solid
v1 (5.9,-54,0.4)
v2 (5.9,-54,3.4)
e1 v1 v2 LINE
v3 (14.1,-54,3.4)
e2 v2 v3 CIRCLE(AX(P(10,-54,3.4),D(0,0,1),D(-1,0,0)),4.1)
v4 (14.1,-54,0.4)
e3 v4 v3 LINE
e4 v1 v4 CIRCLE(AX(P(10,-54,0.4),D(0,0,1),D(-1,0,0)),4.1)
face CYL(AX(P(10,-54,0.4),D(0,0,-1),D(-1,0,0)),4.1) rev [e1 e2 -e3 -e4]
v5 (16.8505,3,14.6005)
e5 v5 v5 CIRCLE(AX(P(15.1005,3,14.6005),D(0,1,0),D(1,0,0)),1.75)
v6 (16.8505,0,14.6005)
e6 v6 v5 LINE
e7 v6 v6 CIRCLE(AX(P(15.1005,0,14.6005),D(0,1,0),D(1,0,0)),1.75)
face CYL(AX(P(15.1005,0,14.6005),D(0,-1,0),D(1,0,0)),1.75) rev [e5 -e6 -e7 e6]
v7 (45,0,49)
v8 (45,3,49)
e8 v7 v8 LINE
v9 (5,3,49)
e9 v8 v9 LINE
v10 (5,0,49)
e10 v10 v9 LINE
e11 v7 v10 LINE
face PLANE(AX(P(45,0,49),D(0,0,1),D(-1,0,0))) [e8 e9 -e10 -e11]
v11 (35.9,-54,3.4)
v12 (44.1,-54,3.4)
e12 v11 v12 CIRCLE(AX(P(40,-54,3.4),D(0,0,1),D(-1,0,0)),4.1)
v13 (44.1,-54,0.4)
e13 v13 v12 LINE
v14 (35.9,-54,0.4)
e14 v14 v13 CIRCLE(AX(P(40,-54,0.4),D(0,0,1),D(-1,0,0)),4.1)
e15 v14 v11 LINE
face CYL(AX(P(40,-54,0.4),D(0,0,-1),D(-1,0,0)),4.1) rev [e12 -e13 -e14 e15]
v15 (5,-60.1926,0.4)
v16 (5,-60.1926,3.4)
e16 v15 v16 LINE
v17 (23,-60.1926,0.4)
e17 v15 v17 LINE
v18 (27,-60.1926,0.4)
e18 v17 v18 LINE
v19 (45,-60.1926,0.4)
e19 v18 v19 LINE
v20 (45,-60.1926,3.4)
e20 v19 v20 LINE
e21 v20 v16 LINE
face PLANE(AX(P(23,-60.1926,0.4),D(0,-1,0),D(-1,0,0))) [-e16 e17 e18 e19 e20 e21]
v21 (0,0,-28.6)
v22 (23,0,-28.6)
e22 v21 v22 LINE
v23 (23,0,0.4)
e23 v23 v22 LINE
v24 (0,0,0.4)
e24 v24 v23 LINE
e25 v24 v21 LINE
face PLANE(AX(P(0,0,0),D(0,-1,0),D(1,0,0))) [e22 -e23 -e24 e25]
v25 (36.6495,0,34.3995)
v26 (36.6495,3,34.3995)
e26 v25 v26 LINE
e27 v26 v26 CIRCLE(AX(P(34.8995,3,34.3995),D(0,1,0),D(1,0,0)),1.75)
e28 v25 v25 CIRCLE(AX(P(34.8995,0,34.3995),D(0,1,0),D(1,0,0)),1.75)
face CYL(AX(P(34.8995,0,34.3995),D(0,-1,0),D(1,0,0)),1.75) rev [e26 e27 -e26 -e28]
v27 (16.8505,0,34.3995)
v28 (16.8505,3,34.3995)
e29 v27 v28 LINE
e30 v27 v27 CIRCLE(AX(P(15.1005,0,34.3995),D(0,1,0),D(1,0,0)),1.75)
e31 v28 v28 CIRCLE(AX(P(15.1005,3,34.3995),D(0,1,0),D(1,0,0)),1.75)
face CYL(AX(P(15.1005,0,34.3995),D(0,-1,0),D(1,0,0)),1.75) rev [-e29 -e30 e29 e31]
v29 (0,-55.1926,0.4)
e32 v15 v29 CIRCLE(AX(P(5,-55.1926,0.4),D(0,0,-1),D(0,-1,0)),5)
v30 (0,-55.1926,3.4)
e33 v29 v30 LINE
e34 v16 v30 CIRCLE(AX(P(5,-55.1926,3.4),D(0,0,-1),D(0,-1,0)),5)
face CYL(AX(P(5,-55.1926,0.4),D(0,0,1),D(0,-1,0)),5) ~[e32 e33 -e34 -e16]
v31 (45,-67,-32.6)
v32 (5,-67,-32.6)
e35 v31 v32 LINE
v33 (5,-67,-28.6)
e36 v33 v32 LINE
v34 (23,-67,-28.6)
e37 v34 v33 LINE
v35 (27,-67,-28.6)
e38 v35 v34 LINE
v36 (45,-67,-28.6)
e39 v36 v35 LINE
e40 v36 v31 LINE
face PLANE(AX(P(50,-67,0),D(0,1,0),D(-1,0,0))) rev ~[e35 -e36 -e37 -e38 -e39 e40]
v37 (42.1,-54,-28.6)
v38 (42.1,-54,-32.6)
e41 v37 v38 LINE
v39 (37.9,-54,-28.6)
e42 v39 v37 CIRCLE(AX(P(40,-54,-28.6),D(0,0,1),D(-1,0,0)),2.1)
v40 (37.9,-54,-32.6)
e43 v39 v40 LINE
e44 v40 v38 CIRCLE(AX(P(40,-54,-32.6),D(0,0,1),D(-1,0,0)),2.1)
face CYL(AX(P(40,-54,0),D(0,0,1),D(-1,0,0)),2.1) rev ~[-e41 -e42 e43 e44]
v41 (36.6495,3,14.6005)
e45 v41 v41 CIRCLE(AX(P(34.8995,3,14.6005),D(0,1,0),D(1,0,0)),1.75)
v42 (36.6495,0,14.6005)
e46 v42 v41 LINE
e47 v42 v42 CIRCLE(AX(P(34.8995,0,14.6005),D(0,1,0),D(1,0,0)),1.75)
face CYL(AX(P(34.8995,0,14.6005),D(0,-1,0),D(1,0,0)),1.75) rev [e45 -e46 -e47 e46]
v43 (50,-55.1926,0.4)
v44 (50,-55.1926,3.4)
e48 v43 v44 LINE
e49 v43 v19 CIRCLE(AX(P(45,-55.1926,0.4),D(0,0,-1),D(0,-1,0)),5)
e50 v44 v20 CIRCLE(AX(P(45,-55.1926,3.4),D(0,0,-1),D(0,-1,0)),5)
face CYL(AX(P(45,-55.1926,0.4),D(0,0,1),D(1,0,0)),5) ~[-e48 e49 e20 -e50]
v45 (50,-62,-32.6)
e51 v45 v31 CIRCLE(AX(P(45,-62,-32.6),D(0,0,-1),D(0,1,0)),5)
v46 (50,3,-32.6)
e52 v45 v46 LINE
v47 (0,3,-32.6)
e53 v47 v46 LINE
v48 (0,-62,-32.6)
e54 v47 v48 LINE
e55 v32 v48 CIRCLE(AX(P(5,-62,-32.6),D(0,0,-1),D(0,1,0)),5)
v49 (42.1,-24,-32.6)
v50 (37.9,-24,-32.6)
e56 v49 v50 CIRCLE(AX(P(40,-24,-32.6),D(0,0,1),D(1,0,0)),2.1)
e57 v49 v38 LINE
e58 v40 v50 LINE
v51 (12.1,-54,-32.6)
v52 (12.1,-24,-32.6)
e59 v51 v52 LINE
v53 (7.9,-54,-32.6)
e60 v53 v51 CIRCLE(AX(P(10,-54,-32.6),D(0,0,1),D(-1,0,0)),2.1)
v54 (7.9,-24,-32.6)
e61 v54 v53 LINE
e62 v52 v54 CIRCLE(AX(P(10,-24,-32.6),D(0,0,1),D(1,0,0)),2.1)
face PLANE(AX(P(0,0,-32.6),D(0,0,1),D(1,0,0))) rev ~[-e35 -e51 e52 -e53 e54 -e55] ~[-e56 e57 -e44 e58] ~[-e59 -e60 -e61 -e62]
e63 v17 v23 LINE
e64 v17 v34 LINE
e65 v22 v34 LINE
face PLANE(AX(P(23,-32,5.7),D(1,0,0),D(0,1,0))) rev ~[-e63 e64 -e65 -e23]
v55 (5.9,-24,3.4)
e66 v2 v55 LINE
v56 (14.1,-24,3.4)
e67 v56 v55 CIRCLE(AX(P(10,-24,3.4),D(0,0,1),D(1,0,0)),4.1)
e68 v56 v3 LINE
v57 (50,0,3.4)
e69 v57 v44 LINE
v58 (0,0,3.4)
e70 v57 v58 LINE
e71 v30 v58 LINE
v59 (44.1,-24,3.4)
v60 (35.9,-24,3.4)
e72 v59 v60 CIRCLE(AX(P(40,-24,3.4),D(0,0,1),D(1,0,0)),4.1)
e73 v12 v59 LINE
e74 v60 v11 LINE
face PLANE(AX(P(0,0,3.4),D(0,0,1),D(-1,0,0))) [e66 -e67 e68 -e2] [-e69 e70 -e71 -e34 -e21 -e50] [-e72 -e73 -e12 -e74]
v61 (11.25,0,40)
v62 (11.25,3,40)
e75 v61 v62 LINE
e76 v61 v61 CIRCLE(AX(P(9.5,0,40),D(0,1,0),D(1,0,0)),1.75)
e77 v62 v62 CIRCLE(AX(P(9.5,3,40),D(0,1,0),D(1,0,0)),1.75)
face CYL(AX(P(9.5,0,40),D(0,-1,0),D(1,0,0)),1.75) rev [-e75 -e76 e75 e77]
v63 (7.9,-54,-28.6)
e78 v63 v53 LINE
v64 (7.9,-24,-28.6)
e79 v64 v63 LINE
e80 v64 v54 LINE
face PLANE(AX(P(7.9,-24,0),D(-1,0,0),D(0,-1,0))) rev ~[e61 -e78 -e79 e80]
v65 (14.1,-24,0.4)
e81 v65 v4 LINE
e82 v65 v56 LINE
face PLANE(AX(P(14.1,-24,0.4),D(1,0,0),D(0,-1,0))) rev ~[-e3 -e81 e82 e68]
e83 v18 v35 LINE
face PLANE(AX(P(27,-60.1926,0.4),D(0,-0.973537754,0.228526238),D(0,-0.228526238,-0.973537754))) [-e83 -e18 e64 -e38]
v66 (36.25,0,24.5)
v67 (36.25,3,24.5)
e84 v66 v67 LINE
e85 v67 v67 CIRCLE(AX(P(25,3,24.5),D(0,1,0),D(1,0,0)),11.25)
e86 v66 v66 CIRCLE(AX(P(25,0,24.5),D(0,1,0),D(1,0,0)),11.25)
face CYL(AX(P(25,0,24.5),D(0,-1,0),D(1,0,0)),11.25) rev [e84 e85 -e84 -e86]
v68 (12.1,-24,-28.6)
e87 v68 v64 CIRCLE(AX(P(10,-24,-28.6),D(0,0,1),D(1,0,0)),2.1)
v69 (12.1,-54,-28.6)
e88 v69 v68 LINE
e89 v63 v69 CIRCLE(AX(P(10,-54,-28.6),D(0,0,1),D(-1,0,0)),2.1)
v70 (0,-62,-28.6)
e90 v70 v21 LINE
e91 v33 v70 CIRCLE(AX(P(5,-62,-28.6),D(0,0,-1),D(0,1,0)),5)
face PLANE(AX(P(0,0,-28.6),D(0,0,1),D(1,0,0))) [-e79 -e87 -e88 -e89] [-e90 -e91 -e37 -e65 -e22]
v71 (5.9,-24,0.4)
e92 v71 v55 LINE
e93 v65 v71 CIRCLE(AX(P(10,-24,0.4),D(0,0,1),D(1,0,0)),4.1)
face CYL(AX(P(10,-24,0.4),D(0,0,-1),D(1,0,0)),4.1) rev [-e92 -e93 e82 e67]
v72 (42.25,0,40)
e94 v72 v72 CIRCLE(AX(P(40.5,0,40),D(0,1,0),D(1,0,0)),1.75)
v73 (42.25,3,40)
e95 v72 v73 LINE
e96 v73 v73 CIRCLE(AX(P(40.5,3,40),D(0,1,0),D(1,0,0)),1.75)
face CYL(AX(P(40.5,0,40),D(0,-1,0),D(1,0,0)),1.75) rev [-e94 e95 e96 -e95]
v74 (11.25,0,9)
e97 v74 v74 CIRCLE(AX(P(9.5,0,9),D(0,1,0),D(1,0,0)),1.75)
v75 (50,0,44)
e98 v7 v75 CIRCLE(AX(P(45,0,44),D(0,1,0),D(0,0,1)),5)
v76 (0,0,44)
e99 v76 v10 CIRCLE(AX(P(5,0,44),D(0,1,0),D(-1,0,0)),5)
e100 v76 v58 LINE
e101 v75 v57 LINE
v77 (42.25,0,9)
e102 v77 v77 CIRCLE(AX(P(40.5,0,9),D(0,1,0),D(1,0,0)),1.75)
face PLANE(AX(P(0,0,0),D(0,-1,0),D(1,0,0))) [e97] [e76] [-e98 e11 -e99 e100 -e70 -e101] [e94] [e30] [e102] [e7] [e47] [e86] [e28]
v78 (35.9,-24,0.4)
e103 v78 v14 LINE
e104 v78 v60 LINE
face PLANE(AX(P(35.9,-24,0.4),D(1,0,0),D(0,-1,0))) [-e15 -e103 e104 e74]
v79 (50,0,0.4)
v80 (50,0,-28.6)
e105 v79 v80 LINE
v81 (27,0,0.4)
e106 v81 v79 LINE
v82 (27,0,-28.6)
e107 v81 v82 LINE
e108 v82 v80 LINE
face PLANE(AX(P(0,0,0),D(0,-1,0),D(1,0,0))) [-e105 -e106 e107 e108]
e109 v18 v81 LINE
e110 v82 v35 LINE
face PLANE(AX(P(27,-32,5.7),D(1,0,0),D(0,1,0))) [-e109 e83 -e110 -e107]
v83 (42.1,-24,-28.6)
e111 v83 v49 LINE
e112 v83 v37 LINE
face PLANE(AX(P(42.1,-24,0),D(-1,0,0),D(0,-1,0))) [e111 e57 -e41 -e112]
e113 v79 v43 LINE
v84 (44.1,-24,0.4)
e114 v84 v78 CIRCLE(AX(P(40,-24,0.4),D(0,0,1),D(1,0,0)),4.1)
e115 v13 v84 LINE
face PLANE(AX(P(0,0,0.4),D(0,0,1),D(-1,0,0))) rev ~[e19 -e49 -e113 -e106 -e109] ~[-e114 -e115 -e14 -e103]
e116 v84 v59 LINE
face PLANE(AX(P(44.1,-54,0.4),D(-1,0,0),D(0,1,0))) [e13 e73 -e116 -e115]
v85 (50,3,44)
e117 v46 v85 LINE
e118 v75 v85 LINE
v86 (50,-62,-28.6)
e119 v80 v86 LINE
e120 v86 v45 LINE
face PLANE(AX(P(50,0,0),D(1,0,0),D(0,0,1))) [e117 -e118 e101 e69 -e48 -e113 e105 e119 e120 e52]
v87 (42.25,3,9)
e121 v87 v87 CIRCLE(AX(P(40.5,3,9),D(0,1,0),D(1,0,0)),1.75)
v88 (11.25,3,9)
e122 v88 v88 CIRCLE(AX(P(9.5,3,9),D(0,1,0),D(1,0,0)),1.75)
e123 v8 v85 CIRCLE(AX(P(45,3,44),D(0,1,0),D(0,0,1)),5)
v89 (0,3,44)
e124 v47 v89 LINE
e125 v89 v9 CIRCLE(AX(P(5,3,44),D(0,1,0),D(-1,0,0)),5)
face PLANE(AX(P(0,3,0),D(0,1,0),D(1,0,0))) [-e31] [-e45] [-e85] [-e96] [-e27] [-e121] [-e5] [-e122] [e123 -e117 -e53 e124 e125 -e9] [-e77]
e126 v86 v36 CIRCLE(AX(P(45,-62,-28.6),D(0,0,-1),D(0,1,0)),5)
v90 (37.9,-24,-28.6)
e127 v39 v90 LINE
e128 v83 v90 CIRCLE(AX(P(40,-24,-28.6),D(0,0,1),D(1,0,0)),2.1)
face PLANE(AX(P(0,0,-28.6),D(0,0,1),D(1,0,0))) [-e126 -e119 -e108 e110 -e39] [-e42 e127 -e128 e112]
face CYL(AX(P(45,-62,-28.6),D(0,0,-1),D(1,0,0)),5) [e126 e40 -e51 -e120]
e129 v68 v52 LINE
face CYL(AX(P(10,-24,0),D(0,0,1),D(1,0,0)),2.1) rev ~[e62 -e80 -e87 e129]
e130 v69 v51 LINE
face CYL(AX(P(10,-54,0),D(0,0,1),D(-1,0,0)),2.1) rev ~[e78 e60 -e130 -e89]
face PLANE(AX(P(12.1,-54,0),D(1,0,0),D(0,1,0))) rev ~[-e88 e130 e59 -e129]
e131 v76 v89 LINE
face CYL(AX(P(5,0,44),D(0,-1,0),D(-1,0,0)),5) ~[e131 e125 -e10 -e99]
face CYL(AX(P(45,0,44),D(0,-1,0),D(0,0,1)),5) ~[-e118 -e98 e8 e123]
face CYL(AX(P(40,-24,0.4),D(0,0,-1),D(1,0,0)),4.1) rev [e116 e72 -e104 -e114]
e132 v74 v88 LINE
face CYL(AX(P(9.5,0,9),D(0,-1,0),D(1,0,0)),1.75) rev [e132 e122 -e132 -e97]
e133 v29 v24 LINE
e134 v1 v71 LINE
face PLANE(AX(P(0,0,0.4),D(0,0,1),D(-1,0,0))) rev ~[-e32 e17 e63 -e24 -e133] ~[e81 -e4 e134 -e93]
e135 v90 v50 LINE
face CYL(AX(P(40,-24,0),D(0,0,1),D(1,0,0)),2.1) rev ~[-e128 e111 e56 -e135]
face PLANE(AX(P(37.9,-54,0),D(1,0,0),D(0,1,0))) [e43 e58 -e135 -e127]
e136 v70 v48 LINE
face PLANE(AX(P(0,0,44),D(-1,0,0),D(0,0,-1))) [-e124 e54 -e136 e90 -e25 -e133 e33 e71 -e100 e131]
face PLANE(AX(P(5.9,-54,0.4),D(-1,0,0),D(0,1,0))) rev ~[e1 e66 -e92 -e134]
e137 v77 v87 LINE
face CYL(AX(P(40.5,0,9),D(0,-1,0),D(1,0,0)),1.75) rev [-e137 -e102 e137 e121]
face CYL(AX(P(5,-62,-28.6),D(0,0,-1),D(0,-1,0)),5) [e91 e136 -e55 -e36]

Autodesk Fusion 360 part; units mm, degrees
sketch "Sketch1" plane through (0, 0, 0) normal (0, 1, 0) x (1, 0, 0)
  line L0 (0, 0) -> (50, 0)
  line L1 (50, 0) -> (50, -49)
  line L2 (50, -49) -> (0, -49)
  line L3 (0, -49) -> (0, 0)
  line L4 (0, -24.5) -> (50, -24.5) construction
  line L5 (25, -49) -> (25, 0) construction
  circle A0 centre (25, -24.5) radius 11.25
  circle A1 centre (25, -24.5) radius 14 construction
  line L6 (0, -49) -> (0, -40) construction
  line L7 (0, -40) -> (9.5, -40) construction
  circle A2 centre (9.5, -40) radius 1.75
  line L8 (9.5, -40) -> (25, -24.5) construction
  circle A3 centre (15.1005, -34.3995) radius 1.75
  circle A4 centre (40.5, -40) radius 1.75
  circle A5 centre (34.8995, -34.3995) radius 1.75
  circle A6 centre (40.5, -9) radius 1.75
  circle A7 centre (34.8995, -14.6005) radius 1.75
  circle A8 centre (15.1005, -14.6005) radius 1.75
  circle A9 centre (9.5, -9) radius 1.75
  line L9 (0, -49) -> (5, -49)
  line L10 (5, -49) -> (5, -44) construction
  line L11 (5, -44) -> (0, -44) construction
  line L12 (0, -44) -> (0, -49)
  arc A10 (0, -44) -> (5, -49) centre (5, -44) ccw
  arc A11 (45, -49) -> (50, -44) centre (45, -44) ccw
  dimension "d1" = 50
  dimension "d2" = 49
  dimension "d3" = 22.5
  dimension "d4" = 28
  dimension "d5" = 9
  dimension "d6" = 9.5
  dimension "d7" = 3.5
  dimension "d8" = 3.5
  dimension "d11" = 5
  dimension "d12" = 5
extrude "Extrude2" add sketch "Sketch1" along normal blind 3 contours L0 L1 L2 L3 A10 A11
sketch "Sketch2" plane through (0, 0, 0) normal (0, 0, 1) x (1, 0, 0)
  line L0 (0, 3) -> (50, 3)
  line L1 (50, 3) -> (50, -67)
  line L2 (50, -67) -> (0, -67)
  line L3 (0, -67) -> (0, 3)
  line L4 (25, -67) -> (25, 3) construction
  line L5 (0, -67) -> (10, -67) construction
  line L6 (10, -67) -> (10, -54) construction
  line L7 (10, -54) -> (7.9, -54) construction
  line L8 (7.9, -54) -> (12.1, -54)
  line L9 (12.1, -54) -> (12.1, -24)
  line L10 (12.1, -24) -> (7.9, -24)
  line L11 (7.9, -24) -> (7.9, -54)
  arc A0 (7.9, -54) -> (12.1, -54) centre (10, -54) ccw
  arc A1 (12.1, -24) -> (7.9, -24) centre (10, -24) ccw
  arc A2 (37.9, -54) -> (42.1, -54) centre (40, -54) ccw
  line L12 (37.9, -54) -> (37.9, -24)
  line L13 (42.1, -24) -> (42.1, -54)
  arc A3 (42.1, -24) -> (37.9, -24) centre (40, -24) ccw
  line L14 (0, 0) -> (50, 0)
  point P0 (0, 3)
  dimension "d15" = 70
  dimension "d16" = 10
  dimension "d17" = 13
  dimension "d18" = 2.1
  dimension "d19" = 4.2
  dimension "d20" = 30
extrude "Extrude6" add sketch "Sketch2" against normal blind 32.6
extrude "Extrude7" cut sketch "Sketch2" against normal blind 28.6 contours L1 L2 L3 L14
ref_plane "WorkPlane1" through (25, -32, 5.7) normal (1, 0, 0) x (0, 0, -1)
sketch "Sketch6" plane through (25, -32, 5.7) normal (1, 0, 0) x (0, 1, 0)
  line L0 (32, -34.3) -> (-35, -34.3)
  line L1 (-35, -34.3) -> (-35, -5.3)
  line L2 (-35, -5.3) -> (32, -5.3)
  line L3 (32, -5.3) -> (32, -34.3)
  point P0 (32, -34.3)
  dimension "d48" = 67
  dimension "d49" = 29
sketch "Sketch10" plane through (0, 0, 0) normal (0, -1, 0) x (1, 0, 0)
  circle A0 centre (25, 24.5) radius 11.25
  circle A1 centre (9.5, 40) radius 1.75
  circle A2 centre (40.5, 40) radius 1.75
  circle A3 centre (15.1005, 34.3995) radius 1.75
  circle A4 centre (34.8995, 34.3995) radius 1.75
  circle A5 centre (40.5, 9) radius 1.75
  circle A6 centre (34.8995, 14.6005) radius 1.75
  circle A7 centre (15.1005, 14.6005) radius 1.75
  circle A8 centre (9.5, 9) radius 1.75
  arc A9 (5, 49) -> (0, 44) centre (5, 44) ccw
  line L0 (0, 44) -> (0, -28.6)
  line L1 (0, -28.6) -> (50, -28.6)
  line L2 (50, -28.6) -> (50, 44)
  arc A10 (50, 44) -> (45, 49) centre (45, 44) ccw
  line L3 (45, 49) -> (5, 49)
  line L4 (25, 24.5) -> (25, 3.4) construction
  dimension "d71" = 21.1
extrude "Extrude15" add sketch "Sketch6" along normal blind 2 and the other way blind 2
sketch "Sketch11" plane through (0, 0, 0.4) normal (0, 0, 1) x (-1, 0, 0)
  line L0 (-23, 67) -> (-27, 67)
  line L1 (-27, 67) -> (-27, 0)
  line L2 (-27, 0) -> (-23, 0)
  line L3 (-23, 0) -> (-23, 67)
  line L4 (0, 0) -> (-50, 0)
  line L5 (-50, 0) -> (-50, 60.1926)
  line L6 (-50, 60.1926) -> (0, 60.1926)
  line L7 (0, 60.1926) -> (0, 0)
  line L8 (-50, -3) -> (-50, 67)
  line L9 (-7.9, 24) -> (-5.9, 24)
  line L10 (-5.9, 24) -> (-14.1, 24)
  line L11 (-14.1, 24) -> (-14.1, 54)
  line L12 (-14.1, 54) -> (-5.9, 54)
  line L13 (-5.9, 54) -> (-5.9, 24)
  arc A0 (-5.9, 54) -> (-14.1, 54) centre (-10, 54) ccw
  arc A1 (-14.1, 24) -> (-5.9, 24) centre (-10, 24) ccw
  line L14 (-25, 67) -> (-25, 0)
  line L15 (-25, 60.1926) -> (-25, 53.1429)
  line L16 (-35.9, 24) -> (-35.9, 54)
  line L17 (-44.1, 54) -> (-44.1, 24)
  arc A2 (-35.9, 54) -> (-44.1, 54) centre (-40, 54) ccw
  arc A3 (-44.1, 24) -> (-35.9, 24) centre (-40, 24) ccw
  point P0 (-7.9, 24)
  dimension "d76" = 2
  dimension "d77" = 8.2
extrude "Extrude16" add sketch "Sketch11" along normal blind 3 contours L3 L4 L6 L7 | L2 L3 L4 L6 L14 L15 | L1 L2 L4 L6 L14 L15 | L1 L4 L5 L6 L8
sketch "Sketch12" plane through (27, 0, 0) normal (1, 0, 0) x (0, 1, 0)
  line L0 (0, 0.4) -> (-60.1926, 0.4)
  line L1 (-60.1926, 0.4) -> (-67, 0.4)
  line L2 (-67, 0.4) -> (-67, -28.6)
  line L3 (-67, -28.6) -> (0, -28.6)
  line L4 (0, -28.6) -> (0, 0.4)
  line L5 (-60.1926, 0.4) -> (-67, -28.6)
  line L6 (-67, 0.4) -> (-60.1926, 0.4)
extrude "Extrude17" cut sketch "Sketch12" against normal blind 8 contours L1 L2 L5 L6
fillet "Fillet3" radius 5 4 edges at (0, -60.1926, 1.9) (0, -67, -30.6) (50, -67, -30.6) (50, -60.1926, 1.9)
